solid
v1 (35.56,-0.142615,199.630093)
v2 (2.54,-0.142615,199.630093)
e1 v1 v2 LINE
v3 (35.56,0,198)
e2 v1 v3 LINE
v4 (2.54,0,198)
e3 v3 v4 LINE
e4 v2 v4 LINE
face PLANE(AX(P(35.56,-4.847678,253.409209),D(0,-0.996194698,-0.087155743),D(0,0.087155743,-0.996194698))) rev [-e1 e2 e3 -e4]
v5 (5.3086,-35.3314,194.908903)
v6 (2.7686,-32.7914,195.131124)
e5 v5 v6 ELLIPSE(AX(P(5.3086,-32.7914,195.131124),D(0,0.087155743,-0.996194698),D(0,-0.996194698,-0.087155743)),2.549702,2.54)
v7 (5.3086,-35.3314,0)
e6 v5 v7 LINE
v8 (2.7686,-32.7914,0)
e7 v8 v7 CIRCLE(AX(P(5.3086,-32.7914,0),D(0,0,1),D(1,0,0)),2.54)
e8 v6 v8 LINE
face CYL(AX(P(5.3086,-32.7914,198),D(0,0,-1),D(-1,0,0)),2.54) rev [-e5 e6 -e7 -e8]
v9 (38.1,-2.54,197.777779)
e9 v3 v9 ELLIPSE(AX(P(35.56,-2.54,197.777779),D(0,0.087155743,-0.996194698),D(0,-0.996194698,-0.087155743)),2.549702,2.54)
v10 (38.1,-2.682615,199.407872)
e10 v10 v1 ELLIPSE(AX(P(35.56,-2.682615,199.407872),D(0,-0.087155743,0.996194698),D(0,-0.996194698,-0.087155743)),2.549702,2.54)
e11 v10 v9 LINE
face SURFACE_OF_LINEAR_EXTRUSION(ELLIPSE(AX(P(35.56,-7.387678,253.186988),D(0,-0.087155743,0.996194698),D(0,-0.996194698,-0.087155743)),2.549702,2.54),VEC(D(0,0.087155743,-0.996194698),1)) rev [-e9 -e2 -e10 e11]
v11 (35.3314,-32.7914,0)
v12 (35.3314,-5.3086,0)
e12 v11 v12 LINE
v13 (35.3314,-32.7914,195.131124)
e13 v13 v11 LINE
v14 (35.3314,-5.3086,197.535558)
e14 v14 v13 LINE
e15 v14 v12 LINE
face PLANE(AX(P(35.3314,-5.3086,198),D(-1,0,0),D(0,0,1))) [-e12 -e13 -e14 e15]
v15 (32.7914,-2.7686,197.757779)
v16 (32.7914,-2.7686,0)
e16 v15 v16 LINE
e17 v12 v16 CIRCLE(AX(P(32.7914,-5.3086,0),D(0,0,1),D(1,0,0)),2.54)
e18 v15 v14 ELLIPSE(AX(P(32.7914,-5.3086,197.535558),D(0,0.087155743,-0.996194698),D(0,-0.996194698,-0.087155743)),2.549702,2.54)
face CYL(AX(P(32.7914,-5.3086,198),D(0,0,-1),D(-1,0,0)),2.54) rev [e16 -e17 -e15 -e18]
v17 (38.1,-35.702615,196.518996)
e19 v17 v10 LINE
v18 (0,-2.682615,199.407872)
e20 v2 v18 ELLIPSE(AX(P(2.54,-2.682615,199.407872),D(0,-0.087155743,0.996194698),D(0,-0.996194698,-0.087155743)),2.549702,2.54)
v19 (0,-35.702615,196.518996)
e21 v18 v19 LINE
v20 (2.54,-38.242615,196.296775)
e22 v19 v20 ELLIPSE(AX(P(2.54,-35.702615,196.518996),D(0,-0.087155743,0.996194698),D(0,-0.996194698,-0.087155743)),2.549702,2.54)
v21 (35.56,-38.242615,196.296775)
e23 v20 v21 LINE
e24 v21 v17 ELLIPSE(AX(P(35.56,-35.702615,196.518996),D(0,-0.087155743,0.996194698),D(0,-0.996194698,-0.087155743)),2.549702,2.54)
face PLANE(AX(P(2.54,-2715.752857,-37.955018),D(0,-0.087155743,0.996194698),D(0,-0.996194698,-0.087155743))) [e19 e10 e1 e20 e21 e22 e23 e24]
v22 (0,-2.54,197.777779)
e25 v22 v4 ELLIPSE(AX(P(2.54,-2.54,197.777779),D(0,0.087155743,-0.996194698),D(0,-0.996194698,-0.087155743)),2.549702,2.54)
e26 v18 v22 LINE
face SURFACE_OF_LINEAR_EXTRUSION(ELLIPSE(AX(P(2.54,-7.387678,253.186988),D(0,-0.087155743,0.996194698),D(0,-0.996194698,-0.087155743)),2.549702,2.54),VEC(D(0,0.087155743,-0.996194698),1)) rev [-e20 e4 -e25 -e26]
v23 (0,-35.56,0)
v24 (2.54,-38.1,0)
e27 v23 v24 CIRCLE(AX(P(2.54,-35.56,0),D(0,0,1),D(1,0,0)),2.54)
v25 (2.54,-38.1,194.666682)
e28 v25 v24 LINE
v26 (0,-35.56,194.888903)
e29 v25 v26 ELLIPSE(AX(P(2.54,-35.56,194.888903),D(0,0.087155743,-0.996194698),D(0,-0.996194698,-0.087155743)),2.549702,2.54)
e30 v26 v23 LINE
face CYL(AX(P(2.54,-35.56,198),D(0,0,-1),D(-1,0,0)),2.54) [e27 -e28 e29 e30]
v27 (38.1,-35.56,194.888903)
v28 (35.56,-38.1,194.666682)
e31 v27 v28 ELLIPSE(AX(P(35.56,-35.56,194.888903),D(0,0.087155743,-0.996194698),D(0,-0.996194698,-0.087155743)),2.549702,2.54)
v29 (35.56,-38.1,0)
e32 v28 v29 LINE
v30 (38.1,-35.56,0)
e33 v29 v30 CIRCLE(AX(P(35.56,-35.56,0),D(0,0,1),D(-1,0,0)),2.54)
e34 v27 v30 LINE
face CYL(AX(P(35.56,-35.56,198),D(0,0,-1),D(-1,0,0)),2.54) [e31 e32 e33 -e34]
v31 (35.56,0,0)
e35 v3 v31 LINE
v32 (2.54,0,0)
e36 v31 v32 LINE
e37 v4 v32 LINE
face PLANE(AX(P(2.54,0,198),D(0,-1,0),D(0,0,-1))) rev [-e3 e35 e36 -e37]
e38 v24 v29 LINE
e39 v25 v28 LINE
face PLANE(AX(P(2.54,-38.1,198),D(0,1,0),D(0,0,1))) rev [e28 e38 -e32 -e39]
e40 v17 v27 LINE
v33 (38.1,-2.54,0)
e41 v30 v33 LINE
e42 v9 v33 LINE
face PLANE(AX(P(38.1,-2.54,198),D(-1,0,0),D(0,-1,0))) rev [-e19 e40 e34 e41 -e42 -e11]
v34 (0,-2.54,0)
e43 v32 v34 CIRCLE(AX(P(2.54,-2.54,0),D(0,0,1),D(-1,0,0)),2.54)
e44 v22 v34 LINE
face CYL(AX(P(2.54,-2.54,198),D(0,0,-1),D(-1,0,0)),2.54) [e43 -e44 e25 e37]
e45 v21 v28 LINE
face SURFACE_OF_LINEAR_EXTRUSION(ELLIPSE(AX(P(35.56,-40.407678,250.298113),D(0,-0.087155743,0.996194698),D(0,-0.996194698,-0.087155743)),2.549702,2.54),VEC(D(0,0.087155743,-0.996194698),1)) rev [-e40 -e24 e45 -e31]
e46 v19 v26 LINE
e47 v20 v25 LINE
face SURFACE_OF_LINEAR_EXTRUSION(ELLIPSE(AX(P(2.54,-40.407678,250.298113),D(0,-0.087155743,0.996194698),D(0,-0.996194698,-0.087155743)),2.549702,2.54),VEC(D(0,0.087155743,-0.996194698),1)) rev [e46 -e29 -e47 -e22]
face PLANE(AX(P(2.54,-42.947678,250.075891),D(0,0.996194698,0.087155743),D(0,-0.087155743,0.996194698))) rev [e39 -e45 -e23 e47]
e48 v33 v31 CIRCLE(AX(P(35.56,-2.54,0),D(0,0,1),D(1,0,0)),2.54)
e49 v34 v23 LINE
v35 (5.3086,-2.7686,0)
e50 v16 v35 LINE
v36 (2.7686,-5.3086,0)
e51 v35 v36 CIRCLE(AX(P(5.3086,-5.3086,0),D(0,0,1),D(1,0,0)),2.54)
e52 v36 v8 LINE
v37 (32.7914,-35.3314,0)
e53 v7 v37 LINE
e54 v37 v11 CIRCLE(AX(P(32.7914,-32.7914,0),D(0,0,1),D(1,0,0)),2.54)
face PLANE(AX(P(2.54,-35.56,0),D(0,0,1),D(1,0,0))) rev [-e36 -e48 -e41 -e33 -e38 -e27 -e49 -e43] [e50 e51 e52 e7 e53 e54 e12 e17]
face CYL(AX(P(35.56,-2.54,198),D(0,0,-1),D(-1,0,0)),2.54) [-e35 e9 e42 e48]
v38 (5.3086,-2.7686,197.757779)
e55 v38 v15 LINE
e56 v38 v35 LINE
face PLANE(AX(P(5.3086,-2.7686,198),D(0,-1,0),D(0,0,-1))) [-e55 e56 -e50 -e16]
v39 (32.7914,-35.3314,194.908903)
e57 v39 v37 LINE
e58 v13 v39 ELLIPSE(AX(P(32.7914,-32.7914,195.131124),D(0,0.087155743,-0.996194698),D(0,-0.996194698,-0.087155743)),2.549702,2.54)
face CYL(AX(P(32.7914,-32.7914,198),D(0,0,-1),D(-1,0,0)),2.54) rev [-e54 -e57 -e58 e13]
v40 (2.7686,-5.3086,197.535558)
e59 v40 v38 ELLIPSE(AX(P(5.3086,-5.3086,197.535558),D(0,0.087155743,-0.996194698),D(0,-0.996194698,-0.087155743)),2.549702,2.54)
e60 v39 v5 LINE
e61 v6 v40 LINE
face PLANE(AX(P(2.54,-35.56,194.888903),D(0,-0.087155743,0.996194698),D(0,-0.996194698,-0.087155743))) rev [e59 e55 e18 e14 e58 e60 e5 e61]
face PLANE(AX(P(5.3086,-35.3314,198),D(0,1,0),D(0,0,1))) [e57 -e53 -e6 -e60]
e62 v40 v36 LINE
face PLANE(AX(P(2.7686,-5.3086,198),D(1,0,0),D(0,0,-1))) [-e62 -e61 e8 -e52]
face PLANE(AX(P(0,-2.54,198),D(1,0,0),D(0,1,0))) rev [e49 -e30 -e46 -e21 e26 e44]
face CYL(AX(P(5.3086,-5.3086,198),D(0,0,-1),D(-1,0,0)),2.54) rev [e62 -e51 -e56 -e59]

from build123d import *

# Parameters (mm, degrees)
BOSS_EXTRUDE1_DEPTH = 198
CUT_EXTRUDE3_DEPTH  = 206.200438596
BOSS_EXTRUDE2_DEPTH = 1.636319424


with BuildPart() as part:
    # Sketch1 → Boss-Extrude1 (new body)
    with BuildSketch(Plane.XY):
        with BuildLine():
            Line((2.54, 0), (35.56, 0))
            ThreePointArc((35.56, 0), (37.356051224, -0.743948776), (38.1, -2.54))
            Line((38.1, -2.54), (38.1, -35.56))
            ThreePointArc((38.1, -35.56), (37.356051224, -37.356051224), (35.56, -38.1))
            Line((35.56, -38.1), (2.54, -38.1))
            ThreePointArc((2.54, -38.1), (0.743948776, -37.356051224), (0, -35.56))
            Line((0, -35.56), (0, -2.54))
            ThreePointArc((0, -2.54), (0.743948776, -0.743948776), (2.54, 0))
        make_face()
        with BuildLine():
            Line((5.3086, -2.7686), (32.7914, -2.7686))
            ThreePointArc((32.7914, -2.7686), (34.587451224, -3.512548776), (35.3314, -5.3086))
            Line((35.3314, -5.3086), (35.3314, -32.7914))
            ThreePointArc((35.3314, -32.7914), (34.587451224, -34.587451224), (32.7914, -35.3314))
            Line((32.7914, -35.3314), (5.3086, -35.3314))
            ThreePointArc((5.3086, -35.3314), (3.512548776, -34.587451224), (2.7686, -32.7914))
            Line((2.7686, -32.7914), (2.7686, -5.3086))
            ThreePointArc((2.7686, -5.3086), (3.512548776, -3.512548776), (5.3086, -2.7686))
        make_face(mode=Mode.SUBTRACT)
    extrude(amount=BOSS_EXTRUDE1_DEPTH)

    # Sketch3 → Cut-Extrude3 (cut, through all)
    with BuildSketch(Plane(origin=(38.1, 0, 0), x_dir=(0, 0, -1), z_dir=(1, 0, 0))):
        Polygon((-198, 0), (-194.66668192, -38.1), (-198, -38.1), align=None)
    extrude(amount=-CUT_EXTRUDE3_DEPTH, mode=Mode.SUBTRACT)

    # Sketch4 → Boss-Extrude2 (add)
    with BuildSketch(Plane(origin=(0, -17.191169589, 196.495967548), x_dir=(1, 0, 0), z_dir=(0, -0.08715574274765185, 0.9961946980917462))):
        with BuildLine():
            Line((2.54, -20.988698746), (35.56, -20.988698746))
            add(Edge.make_bspline(
                [(35.56, -20.988698746), (38.1, -20.988698746), (38.1, -18.438996359)],
                knots=[0, 0, 0, 1.570796327, 1.570796327, 1.570796327], degree=2, weights=[1, 0.707106781, 1]))
            Line((38.1, -18.438996359), (38.1, 14.707134677))
            add(Edge.make_bspline(
                [(38.1, 14.707134677), (38.1, 17.256837064), (35.56, 17.256837064)],
                knots=[4.71238898, 4.71238898, 4.71238898, 6.283185307, 6.283185307, 6.283185307], degree=2, weights=[1, 0.707106781, 1]))
            Line((35.56, 17.256837064), (2.54, 17.256837064))
            add(Edge.make_bspline(
                [(2.54, 17.256837064), (0, 17.256837064), (0, 14.707134677)],
                knots=[3.141592654, 3.141592654, 3.141592654, 4.71238898, 4.71238898, 4.71238898], degree=2, weights=[1, 0.707106781, 1]))
            Line((0, 14.707134677), (0, -18.438996359))
            add(Edge.make_bspline(
                [(0, -18.438996359), (0, -20.988698746), (2.54, -20.988698746)],
                knots=[4.71238898, 4.71238898, 4.71238898, 6.283185307, 6.283185307, 6.283185307], degree=2, weights=[1, 0.707106781, 1]))
        make_face()
    extrude(amount=BOSS_EXTRUDE2_DEPTH)


solid = part.part
